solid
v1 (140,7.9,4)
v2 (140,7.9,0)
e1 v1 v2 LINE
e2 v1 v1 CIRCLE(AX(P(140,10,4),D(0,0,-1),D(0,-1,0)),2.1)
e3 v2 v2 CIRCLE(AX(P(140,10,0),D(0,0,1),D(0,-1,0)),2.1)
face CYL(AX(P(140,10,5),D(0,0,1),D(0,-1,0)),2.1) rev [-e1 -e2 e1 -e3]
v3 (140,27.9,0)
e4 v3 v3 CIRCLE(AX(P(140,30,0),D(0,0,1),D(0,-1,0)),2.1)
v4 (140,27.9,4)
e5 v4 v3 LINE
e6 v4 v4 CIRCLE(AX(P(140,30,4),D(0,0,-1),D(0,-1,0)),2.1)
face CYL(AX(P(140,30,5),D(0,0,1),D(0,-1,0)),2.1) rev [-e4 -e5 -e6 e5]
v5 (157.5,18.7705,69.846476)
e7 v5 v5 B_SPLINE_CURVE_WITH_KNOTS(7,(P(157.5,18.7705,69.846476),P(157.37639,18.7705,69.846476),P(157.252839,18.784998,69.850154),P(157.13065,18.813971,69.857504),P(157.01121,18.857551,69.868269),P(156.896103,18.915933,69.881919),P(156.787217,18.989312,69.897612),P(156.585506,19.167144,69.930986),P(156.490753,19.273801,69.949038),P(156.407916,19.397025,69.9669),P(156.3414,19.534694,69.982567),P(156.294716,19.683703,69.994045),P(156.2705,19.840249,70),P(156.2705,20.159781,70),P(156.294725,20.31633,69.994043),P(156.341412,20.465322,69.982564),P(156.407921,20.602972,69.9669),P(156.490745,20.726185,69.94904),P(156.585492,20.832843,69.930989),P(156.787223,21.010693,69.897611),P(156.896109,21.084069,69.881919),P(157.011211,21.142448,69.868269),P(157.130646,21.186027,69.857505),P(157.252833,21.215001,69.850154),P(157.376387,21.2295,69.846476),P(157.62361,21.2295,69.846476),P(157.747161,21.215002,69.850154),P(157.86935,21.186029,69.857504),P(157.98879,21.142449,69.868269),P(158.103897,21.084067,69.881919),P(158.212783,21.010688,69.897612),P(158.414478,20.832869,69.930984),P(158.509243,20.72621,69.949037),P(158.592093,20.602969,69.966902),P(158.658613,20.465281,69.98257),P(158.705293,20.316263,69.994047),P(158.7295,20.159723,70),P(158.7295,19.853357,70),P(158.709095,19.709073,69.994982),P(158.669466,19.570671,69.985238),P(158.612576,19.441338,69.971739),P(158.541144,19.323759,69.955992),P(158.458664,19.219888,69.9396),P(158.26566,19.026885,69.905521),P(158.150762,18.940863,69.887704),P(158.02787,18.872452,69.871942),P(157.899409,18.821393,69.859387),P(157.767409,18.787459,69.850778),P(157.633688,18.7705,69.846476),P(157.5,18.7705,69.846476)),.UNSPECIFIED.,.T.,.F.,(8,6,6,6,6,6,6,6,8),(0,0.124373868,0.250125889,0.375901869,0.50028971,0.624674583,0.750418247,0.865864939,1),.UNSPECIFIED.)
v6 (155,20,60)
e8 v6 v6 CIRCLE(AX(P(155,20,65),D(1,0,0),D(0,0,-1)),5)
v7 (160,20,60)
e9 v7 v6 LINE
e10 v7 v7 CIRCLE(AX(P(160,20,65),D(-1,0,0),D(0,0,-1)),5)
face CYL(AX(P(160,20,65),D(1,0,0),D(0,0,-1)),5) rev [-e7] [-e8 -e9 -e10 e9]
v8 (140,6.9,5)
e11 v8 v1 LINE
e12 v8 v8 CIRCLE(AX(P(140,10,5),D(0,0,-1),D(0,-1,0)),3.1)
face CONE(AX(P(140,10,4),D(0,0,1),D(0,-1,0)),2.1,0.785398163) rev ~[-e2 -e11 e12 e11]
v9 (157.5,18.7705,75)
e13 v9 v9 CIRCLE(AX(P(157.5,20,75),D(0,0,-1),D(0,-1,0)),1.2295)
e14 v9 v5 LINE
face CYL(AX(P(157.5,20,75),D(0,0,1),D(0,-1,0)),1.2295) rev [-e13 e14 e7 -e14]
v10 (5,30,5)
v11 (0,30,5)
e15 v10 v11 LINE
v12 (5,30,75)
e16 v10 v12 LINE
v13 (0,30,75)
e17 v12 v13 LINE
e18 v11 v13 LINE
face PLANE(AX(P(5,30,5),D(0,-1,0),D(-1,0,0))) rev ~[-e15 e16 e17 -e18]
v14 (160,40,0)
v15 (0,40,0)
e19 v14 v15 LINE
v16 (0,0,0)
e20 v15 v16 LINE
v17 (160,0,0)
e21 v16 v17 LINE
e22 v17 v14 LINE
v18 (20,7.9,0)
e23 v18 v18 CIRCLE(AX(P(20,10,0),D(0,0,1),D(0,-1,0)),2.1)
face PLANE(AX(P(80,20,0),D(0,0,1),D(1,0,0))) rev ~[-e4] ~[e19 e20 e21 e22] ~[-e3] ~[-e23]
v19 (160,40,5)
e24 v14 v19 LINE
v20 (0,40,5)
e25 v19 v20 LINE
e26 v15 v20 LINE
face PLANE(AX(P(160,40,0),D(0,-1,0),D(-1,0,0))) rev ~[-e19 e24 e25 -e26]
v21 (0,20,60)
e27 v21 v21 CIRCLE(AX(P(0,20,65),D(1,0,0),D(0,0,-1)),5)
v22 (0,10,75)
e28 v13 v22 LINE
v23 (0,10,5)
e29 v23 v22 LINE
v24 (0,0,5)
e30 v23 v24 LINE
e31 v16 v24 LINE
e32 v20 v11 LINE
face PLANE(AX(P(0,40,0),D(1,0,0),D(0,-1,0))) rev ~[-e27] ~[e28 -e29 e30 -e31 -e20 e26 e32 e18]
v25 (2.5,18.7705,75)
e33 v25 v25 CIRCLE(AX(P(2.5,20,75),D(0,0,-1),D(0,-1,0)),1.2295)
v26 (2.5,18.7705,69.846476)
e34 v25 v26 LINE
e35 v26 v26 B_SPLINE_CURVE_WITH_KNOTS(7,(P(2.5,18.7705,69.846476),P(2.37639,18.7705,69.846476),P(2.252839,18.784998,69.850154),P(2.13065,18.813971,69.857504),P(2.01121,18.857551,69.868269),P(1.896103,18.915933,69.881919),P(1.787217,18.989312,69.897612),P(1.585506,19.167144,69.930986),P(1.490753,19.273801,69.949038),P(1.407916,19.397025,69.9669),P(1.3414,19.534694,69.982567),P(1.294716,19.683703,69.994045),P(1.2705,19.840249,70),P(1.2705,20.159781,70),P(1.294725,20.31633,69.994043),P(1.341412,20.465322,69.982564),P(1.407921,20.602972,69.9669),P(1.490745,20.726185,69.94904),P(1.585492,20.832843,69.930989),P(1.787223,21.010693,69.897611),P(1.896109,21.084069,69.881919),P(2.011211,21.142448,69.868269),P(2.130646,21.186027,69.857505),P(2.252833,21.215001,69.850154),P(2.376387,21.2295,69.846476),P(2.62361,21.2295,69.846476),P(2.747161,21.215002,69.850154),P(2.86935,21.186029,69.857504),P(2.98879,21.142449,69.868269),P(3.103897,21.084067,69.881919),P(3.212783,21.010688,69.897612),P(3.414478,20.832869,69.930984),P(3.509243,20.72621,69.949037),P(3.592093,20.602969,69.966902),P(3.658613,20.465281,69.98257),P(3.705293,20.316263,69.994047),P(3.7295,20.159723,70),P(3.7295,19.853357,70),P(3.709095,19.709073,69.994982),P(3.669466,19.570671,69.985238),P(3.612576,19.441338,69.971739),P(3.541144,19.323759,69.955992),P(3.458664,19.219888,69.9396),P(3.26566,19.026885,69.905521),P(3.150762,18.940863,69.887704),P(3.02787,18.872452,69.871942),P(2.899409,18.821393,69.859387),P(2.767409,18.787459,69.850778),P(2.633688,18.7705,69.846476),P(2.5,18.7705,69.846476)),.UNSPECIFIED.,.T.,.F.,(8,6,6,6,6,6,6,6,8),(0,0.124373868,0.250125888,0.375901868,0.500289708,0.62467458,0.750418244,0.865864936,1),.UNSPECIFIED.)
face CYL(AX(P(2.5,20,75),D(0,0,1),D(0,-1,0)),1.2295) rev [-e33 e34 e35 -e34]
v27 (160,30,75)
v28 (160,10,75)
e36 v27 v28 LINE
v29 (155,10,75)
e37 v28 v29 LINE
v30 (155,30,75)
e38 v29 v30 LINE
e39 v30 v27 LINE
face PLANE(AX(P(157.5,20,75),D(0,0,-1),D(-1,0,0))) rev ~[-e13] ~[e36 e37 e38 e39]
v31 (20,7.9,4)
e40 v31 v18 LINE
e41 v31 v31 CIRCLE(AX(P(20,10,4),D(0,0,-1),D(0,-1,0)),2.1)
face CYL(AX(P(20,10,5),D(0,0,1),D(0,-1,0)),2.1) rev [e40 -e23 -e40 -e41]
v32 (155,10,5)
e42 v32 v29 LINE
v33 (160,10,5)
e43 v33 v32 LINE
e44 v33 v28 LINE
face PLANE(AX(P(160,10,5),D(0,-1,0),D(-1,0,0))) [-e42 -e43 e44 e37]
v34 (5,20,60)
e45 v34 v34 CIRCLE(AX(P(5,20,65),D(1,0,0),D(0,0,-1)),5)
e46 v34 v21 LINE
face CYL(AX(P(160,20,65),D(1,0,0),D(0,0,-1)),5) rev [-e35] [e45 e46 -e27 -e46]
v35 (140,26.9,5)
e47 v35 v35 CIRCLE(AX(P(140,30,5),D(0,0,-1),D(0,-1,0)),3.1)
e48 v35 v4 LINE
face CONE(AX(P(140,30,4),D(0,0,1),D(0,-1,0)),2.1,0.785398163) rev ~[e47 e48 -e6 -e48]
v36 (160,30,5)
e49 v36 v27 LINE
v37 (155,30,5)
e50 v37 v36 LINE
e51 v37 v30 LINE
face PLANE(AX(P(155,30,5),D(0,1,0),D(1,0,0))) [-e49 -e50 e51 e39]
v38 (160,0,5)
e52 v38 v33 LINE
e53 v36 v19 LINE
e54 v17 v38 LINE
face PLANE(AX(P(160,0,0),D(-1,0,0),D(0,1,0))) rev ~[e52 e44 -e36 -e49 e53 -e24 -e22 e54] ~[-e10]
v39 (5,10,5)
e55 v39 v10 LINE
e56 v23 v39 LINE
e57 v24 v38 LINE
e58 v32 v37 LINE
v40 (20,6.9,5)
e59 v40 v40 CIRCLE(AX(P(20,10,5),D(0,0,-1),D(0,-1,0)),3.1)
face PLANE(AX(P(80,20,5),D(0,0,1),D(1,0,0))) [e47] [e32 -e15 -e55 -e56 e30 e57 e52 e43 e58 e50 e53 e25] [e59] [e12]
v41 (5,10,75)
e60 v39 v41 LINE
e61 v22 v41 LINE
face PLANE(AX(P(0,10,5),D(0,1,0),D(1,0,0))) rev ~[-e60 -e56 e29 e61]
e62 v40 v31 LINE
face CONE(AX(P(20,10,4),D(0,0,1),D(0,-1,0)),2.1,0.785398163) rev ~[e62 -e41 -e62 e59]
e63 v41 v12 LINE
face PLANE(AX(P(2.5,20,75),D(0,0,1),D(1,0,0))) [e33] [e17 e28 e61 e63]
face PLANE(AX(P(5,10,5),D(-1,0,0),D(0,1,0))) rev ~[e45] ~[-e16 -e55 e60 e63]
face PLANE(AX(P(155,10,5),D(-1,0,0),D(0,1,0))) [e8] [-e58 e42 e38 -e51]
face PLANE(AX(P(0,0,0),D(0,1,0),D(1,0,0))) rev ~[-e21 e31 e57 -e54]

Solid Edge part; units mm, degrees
sketch "Sketch1" plane through (0, 0, 0) normal (0, 0, 1) x (1, 0, 0)
  line L0 (160, 0) -> (160, 40)
  line L1 (160, 40) -> (0, 40)
  line L2 (0, 40) -> (0, 0)
  line L3 (0, 0) -> (160, 0)
extrude "Protrusion1" add sketch "Sketch1" along normal blind 5
sketch "Sketch2" plane through (75, 20, 5) normal (0, 0, 1) x (1, 0, 0)
  line L0 (80, 10) -> (85, 10)
  line L1 (85, 10) -> (85, -10)
  line L2 (85, -10) -> (80, -10)
  line L3 (80, -10) -> (80, 10)
  line L4 (-70, -10) -> (-70, 10)
  line L5 (-70, 10) -> (-75, 10)
  line L6 (-75, 10) -> (-75, -10)
  line L7 (-75, -10) -> (-70, -10)
  dimension "D1" = 5
  dimension "D2" = 10
  dimension "D3" = 10
  dimension "D4" = 20
  dimension "D5" = 10
  dimension "D6" = 20
  dimension "D7" = 10
extrude "ExtrudedProtrusion_2" add sketch "Sketch2" along normal blind 70
hole "Bohrung_1" [suppressed]
hole "Hole1" at (20, 10, 5) direction (0, 0, -1) diameter 4.2 end up to next start chamfer 1 start chamfer angle 45
hole "Hole2" at (140, 10, 5) direction (0, 0, -1) diameter 4.2 end up to next start chamfer 1 start chamfer angle 45
hole "Hole3" at (140, 30, 5) direction (0, 0, -1) diameter 4.2 end up to next start chamfer 1 start chamfer angle 45
hole "Bohrung_6" at (160, 20, 65) direction (-1, 0, 0) diameter 10 end through all
hole "Hole_7" at (157.5, 20, 75) direction (0, 0, -1) diameter 2.459 end up to next thread major 3 thread length 2
hole "Hole4" at (2.5, 20, 75) direction (0, 0, -1) diameter 2.459 end up to next thread major 3 thread length 2
